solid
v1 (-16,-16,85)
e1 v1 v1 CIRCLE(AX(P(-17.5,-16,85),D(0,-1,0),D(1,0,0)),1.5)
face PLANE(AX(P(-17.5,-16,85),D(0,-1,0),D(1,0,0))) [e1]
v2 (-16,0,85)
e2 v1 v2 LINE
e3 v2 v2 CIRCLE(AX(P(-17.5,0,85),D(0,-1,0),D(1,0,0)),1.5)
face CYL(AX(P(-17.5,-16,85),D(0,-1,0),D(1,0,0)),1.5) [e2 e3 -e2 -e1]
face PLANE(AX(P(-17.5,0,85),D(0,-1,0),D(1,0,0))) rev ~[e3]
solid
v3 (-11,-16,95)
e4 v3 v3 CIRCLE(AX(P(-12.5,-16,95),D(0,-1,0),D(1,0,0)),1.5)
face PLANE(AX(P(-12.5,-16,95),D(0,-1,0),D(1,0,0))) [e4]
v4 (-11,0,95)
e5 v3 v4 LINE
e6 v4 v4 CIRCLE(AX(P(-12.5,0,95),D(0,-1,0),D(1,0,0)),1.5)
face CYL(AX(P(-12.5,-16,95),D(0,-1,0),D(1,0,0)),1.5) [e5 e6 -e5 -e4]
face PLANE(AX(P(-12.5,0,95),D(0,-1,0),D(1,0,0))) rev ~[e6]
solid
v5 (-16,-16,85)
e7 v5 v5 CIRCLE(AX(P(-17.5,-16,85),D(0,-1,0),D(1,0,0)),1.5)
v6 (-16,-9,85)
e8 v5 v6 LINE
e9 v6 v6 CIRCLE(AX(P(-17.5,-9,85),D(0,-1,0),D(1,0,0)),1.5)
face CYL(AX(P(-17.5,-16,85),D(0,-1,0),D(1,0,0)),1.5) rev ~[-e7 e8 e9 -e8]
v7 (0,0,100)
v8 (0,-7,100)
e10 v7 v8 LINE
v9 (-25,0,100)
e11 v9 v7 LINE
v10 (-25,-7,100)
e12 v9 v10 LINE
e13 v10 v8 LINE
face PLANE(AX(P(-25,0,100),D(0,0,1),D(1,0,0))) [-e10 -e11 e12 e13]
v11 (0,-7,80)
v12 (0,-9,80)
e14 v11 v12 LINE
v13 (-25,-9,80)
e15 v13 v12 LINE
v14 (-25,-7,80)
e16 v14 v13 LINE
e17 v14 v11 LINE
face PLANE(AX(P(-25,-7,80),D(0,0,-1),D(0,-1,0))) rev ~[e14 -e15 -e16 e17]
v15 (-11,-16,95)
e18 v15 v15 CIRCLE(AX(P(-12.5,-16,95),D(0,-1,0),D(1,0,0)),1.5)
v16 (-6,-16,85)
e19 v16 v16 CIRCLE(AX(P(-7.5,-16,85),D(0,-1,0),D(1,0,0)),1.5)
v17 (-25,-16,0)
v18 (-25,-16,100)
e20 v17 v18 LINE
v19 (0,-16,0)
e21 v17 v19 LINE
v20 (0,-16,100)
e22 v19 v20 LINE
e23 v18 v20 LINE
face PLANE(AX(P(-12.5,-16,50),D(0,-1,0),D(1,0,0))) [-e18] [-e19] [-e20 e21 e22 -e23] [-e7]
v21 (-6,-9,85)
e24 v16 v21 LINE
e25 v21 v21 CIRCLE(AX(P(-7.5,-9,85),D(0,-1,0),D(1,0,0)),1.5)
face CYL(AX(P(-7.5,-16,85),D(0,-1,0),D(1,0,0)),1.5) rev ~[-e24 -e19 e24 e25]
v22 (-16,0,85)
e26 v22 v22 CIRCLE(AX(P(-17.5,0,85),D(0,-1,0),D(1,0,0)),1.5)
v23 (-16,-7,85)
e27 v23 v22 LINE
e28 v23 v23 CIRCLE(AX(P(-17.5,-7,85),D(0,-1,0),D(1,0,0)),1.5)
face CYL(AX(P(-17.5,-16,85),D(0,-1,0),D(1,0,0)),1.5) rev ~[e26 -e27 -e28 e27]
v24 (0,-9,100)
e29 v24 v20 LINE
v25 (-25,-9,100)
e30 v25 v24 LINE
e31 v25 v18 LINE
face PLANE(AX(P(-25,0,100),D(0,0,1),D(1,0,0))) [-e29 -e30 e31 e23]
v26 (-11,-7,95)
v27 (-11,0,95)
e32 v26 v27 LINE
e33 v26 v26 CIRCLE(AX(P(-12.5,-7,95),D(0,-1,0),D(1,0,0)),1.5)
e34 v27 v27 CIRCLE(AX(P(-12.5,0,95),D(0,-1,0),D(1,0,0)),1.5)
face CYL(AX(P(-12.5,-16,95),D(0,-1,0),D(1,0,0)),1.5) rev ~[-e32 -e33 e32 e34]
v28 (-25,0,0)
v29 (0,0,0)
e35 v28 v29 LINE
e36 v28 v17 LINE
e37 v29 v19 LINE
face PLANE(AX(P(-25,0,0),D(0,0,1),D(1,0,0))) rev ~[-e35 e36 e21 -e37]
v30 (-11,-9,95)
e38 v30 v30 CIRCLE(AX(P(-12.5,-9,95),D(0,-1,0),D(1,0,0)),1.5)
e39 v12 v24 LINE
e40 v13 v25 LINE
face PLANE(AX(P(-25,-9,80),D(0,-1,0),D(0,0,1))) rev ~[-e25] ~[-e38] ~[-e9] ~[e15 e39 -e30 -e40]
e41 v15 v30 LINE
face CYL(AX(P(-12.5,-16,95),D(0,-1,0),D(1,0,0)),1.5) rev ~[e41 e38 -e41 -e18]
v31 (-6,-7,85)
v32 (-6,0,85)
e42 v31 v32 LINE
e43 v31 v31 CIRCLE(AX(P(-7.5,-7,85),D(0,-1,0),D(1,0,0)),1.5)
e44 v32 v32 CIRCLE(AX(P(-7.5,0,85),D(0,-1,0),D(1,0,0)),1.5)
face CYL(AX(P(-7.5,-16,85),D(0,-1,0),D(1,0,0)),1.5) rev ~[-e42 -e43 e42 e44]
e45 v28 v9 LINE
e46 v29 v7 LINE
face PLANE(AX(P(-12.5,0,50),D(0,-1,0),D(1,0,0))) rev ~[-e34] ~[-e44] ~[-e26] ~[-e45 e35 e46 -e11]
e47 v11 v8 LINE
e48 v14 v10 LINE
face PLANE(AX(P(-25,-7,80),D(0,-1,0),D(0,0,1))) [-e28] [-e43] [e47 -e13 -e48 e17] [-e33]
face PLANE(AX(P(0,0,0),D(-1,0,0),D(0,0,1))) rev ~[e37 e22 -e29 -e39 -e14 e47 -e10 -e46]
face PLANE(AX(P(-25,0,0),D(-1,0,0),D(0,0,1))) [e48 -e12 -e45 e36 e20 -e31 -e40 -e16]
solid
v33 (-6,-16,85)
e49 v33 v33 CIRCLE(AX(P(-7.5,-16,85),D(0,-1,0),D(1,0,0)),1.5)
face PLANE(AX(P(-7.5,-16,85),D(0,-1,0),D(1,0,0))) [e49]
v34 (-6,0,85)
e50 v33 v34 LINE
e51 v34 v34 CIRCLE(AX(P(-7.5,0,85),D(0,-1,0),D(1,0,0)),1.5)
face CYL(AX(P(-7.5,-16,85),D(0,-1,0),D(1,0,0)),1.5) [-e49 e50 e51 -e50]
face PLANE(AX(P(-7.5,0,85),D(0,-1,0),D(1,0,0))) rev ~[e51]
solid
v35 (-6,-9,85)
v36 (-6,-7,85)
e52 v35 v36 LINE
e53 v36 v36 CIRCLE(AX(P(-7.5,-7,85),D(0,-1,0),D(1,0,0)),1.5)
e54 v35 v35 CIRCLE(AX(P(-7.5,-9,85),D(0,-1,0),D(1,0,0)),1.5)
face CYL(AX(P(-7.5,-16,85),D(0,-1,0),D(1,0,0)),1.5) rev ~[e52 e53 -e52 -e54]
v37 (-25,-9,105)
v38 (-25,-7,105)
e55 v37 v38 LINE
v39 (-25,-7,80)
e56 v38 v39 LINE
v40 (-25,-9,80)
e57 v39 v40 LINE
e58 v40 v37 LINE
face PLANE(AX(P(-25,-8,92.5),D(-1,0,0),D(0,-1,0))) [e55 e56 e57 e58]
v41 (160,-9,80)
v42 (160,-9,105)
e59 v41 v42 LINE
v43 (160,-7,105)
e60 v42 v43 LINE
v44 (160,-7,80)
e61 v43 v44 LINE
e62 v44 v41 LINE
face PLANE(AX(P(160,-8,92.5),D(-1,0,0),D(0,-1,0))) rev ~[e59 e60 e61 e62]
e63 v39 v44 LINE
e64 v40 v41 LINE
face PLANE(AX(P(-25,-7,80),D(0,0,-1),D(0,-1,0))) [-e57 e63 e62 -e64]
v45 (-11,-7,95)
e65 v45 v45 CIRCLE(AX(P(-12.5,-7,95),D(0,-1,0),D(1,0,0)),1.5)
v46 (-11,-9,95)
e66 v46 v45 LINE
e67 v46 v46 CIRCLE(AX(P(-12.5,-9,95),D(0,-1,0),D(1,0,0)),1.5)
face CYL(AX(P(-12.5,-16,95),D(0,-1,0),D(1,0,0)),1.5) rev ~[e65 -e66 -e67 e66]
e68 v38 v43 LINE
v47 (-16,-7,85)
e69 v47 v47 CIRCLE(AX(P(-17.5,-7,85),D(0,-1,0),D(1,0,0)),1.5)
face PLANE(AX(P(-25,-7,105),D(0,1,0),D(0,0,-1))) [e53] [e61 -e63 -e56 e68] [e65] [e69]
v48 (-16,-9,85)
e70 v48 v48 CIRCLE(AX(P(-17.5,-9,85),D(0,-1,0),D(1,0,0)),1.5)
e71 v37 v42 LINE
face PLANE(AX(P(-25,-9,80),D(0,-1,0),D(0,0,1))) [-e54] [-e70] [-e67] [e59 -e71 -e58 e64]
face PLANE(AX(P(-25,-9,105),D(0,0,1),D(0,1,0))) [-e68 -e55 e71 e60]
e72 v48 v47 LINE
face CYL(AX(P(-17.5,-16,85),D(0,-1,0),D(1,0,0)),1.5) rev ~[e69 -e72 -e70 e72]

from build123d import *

# Parameters (mm, degrees)
F0_W      = 25
F0_H      = 100
F1_DEPTH  = 16
F2_W      = 2
F2_H      = 20
F3_DEPTH  = 25
F5_DEPTH  = 185
F6_R      = 1.5
F7_DEPTH  = 16
F8_R      = 1.5
F9_DEPTH  = 16
F10_R     = 1.5
F11_DEPTH = 16
F12_R     = 1.5
F13_DEPTH = 16


with BuildPart() as f1:
    # F0 (on Front) → F1 (new body)
    with BuildSketch(Plane.XZ):
        with Locations((-12.5, 50)):
            Rectangle(F0_W, F0_H)
    extrude(amount=F1_DEPTH)

    # F2 (on face) → F3 (cut, through all)
    with BuildSketch(Plane(origin=(-25, 0, 0), x_dir=(0, -1, 0), z_dir=(-1, 0, 0))):
        with Locations((8, 90)):
            Rectangle(F2_W, F2_H)
    extrude(amount=-F3_DEPTH, mode=Mode.SUBTRACT)


with BuildPart() as f5:
    # F4 (on face) → F5 (new body)
    with BuildSketch(Plane(origin=(-25, 0, 0), x_dir=(0, -1, 0), z_dir=(-1, 0, 0))):
        Polygon((7, 100), (7, 80), (9, 80), (9, 100), (9, 105), (7, 105), align=None)
    extrude(amount=-F5_DEPTH)


with BuildPart() as f7_tool:
    # F6 (on face) → F7 (new body, through all)
    with BuildSketch(Plane.XZ.offset(16)):
        with Locations((-7.5, 85)):
            Circle(F6_R)
        with Locations((-12.5, 95)):
            Circle(F6_R)
        with Locations((-17.5, 85)):
            Circle(F6_R)
    extrude(amount=-F7_DEPTH)


with BuildPart() as f1_1:
    add(f1.part)

    # F7: cut by f7_tool
    add(f7_tool.part, mode=Mode.SUBTRACT)


with BuildPart() as f5_1:
    add(f5.part)

    # F7: cut by f7_tool
    add(f7_tool.part, mode=Mode.SUBTRACT)


with BuildPart() as f9:
    # F8 (on face) → F9 (new body, through all)
    with BuildSketch(Plane.XZ.offset(16)):
        with Locations((-12.5, 95)):
            Circle(F8_R)
    extrude(amount=-F9_DEPTH)


with BuildPart() as f11:
    # F10 (on face) → F11 (new body, through all)
    with BuildSketch(Plane.XZ.offset(16)):
        with Locations((-17.5, 85)):
            Circle(F10_R)
    extrude(amount=-F11_DEPTH)


with BuildPart() as f13:
    # F12 (on face) → F13 (new body, through all)
    with BuildSketch(Plane.XZ.offset(16)):
        with Locations((-7.5, 85)):
            Circle(F12_R)
    extrude(amount=-F13_DEPTH)


solid = Compound([f1_1.part, f5_1.part, f9.part, f11.part, f13.part])
